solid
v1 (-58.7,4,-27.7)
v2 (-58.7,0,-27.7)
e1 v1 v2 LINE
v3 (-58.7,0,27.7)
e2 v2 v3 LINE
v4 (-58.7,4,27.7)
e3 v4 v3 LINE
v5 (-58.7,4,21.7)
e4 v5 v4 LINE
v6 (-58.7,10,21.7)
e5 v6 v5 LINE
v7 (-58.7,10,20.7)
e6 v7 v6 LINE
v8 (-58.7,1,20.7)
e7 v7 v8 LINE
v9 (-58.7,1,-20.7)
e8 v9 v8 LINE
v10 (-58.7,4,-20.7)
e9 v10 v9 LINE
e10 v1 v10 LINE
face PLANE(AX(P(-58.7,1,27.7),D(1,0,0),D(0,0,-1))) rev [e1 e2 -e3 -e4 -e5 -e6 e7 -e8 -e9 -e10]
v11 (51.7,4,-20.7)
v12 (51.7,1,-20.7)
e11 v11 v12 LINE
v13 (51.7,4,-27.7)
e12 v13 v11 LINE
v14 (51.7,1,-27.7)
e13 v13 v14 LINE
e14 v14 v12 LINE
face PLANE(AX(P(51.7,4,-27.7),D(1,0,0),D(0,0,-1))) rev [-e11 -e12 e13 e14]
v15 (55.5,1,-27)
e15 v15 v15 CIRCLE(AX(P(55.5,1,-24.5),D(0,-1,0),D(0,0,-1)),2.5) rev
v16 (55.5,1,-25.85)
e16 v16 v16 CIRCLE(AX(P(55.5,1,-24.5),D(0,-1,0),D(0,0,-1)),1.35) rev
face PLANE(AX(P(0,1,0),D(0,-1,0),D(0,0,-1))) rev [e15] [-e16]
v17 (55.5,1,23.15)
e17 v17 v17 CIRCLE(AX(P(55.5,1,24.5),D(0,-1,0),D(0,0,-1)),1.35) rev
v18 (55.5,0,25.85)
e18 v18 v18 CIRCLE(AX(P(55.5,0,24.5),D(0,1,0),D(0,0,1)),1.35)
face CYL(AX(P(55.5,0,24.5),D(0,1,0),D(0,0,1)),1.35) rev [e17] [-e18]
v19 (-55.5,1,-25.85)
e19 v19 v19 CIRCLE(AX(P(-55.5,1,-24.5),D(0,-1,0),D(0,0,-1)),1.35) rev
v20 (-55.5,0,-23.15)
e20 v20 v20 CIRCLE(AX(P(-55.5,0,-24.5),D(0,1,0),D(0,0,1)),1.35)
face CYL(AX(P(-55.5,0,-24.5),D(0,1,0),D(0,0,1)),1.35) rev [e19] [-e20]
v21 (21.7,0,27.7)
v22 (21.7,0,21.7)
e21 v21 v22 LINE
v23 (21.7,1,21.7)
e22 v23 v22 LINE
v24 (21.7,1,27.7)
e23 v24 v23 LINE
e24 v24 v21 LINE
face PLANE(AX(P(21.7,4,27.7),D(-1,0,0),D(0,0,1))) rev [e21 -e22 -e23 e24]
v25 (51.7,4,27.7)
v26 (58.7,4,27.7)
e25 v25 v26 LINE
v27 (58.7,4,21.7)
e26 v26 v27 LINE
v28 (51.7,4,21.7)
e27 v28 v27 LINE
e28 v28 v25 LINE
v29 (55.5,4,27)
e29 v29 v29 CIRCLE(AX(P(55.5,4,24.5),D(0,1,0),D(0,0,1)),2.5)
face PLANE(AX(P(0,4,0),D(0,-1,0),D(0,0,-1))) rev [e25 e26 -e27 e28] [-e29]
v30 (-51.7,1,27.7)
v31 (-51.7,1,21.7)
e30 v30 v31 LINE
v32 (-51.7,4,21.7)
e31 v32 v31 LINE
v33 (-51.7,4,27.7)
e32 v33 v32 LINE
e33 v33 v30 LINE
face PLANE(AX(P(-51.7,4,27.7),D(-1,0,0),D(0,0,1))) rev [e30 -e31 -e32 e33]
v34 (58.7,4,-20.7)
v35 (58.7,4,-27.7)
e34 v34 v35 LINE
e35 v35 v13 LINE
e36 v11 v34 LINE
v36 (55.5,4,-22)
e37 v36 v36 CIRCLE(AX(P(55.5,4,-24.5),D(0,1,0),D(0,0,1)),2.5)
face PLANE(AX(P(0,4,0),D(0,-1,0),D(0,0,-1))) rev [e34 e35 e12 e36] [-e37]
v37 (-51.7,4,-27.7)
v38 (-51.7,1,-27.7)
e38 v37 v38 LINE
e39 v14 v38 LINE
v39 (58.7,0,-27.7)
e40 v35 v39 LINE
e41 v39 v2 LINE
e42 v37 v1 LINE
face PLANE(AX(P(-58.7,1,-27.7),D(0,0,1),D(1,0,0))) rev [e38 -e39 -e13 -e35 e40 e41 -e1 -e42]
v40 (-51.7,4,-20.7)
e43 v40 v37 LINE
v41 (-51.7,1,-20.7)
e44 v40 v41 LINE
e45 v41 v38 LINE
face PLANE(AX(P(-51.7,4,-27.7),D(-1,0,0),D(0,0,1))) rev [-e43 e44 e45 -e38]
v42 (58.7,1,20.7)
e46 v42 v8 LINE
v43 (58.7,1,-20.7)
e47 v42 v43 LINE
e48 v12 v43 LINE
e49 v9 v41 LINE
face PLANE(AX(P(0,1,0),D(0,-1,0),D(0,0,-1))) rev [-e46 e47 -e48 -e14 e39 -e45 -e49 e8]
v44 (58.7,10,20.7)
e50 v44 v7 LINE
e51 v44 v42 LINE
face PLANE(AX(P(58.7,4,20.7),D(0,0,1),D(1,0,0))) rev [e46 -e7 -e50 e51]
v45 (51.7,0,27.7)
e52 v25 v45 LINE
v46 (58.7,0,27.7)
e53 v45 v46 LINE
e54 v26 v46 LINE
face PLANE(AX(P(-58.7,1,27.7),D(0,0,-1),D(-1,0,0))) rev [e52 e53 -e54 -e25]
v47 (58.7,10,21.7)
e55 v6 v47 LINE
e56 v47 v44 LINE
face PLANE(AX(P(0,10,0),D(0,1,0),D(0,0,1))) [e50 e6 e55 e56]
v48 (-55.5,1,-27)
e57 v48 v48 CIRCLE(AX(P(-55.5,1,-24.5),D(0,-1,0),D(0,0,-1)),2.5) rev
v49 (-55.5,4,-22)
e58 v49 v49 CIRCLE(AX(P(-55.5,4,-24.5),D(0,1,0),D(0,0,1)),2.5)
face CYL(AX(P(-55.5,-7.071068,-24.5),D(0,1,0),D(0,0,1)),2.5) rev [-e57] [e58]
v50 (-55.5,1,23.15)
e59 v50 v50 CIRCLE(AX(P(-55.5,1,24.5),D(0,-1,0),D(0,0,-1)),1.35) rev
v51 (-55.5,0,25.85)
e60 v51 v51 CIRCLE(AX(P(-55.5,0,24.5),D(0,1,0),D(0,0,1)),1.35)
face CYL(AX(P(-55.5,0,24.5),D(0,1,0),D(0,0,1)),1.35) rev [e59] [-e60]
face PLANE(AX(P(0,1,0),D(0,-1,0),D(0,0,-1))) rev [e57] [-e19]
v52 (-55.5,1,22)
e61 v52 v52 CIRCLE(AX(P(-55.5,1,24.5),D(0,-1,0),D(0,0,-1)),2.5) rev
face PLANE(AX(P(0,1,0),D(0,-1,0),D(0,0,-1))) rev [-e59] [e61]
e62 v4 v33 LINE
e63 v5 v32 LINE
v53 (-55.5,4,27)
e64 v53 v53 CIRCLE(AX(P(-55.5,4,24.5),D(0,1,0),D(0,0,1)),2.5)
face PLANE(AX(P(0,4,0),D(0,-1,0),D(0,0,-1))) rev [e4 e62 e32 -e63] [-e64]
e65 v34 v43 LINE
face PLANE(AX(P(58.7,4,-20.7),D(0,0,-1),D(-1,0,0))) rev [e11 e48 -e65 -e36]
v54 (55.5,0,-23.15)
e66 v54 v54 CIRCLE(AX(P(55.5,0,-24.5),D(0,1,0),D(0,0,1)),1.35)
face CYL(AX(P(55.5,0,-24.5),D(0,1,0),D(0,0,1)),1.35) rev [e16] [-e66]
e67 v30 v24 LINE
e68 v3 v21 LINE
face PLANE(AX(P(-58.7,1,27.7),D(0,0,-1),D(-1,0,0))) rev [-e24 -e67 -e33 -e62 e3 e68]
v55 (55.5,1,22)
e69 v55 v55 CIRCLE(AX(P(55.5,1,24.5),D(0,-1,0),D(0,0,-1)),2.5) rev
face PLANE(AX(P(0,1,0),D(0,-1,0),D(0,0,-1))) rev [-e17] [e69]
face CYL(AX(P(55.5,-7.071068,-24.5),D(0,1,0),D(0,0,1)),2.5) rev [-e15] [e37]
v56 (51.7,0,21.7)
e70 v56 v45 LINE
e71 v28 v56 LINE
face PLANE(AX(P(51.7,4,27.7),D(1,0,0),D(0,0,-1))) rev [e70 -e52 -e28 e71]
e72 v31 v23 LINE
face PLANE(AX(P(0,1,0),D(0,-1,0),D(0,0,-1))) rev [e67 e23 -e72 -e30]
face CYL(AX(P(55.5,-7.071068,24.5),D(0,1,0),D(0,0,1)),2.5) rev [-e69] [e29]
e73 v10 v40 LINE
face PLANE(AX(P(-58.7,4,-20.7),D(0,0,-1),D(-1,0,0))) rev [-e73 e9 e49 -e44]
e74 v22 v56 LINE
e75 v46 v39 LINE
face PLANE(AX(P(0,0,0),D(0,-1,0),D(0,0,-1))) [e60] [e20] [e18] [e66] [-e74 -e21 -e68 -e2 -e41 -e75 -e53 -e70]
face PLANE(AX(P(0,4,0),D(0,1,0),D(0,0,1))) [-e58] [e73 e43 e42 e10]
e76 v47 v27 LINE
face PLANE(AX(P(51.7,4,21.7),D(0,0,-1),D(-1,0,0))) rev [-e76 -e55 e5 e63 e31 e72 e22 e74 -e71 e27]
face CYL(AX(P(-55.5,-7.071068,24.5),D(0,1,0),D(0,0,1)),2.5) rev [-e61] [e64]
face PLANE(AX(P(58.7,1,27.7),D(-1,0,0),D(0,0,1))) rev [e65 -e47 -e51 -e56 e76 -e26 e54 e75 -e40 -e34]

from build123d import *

# Parameters (mm, degrees)
SKETCH1_W           = 117.4
SKETCH1_H           = 55.4
BOSS_EXTRUDE1_DEPTH = 1
SKETCH2_W           = 7
SKETCH2_H           = 7
BOSS_EXTRUDE2_DEPTH = 3
SKETCH3_R           = 1.35
CUT_EXTRUDE1_DEPTH  = 5
SKETCH7_W           = 30
SKETCH7_H           = 6
CUT_EXTRUDE5_DEPTH  = 5
SKETCH9_R           = 2.5
CUT_EXTRUDE6_DEPTH  = 3
SKETCH10_W          = 117.4
SKETCH10_H          = 1
BOSS_EXTRUDE3_DEPTH = 9


with BuildPart() as part:
    # Sketch1 → Boss-Extrude1 (new body)
    with BuildSketch(Plane(origin=(0, 0, 0), x_dir=(1, 0, 0), z_dir=(0, 1, 0))):
        Rectangle(SKETCH1_W, SKETCH1_H)
    extrude(amount=BOSS_EXTRUDE1_DEPTH)

    # Sketch2 → Boss-Extrude2 (add)
    with BuildSketch(Plane(origin=(0, 1, 0), x_dir=(1, 0, 0), z_dir=(0, 1, 0))):
        with Locations((55.2, 24.2)):
            Rectangle(SKETCH2_W, SKETCH2_H)
        with Locations((-55.2, 24.2)):
            Rectangle(SKETCH2_W, SKETCH2_H)
        with Locations((55.2, -24.2)):
            Rectangle(SKETCH2_W, SKETCH2_H)
        with Locations((-55.2, -24.2)):
            Rectangle(SKETCH2_W, SKETCH2_H)
    extrude(amount=BOSS_EXTRUDE2_DEPTH)

    # Sketch3 → Cut-Extrude1 (cut, through all)
    with BuildSketch(Plane(origin=(0, 4, 0), x_dir=(1, 0, 0), z_dir=(0, 1, 0))):
        with Locations((-55.5, 24.5)):
            Circle(SKETCH3_R)
        with Locations((55.5, 24.5)):
            Circle(SKETCH3_R)
        with Locations((55.5, -24.5)):
            Circle(SKETCH3_R)
        with Locations((-55.5, -24.5)):
            Circle(SKETCH3_R)
    extrude(amount=-CUT_EXTRUDE1_DEPTH, mode=Mode.SUBTRACT)

    # Sketch7 → Cut-Extrude5 (cut, through all)
    with BuildSketch(Plane.XZ):
        with Locations((36.7, 24.7)):
            Rectangle(SKETCH7_W, SKETCH7_H)
    extrude(amount=-CUT_EXTRUDE5_DEPTH, mode=Mode.SUBTRACT)

    # Sketch9 → Cut-Extrude6 (cut)
    with BuildSketch(Plane(origin=(0, 4, 0), x_dir=(1, 0, 0), z_dir=(0, 1, 0))):
        with Locations((-55.5, 24.5)):
            Circle(SKETCH9_R)
        with Locations((55.5, 24.5)):
            Circle(SKETCH9_R)
        with Locations((55.5, -24.5)):
            Circle(SKETCH9_R)
        with Locations((-55.5, -24.5)):
            Circle(SKETCH9_R)
    extrude(amount=-CUT_EXTRUDE6_DEPTH, mode=Mode.SUBTRACT)

    # Sketch10 → Boss-Extrude3 (add)
    with BuildSketch(Plane(origin=(0, 1, 0), x_dir=(1, 0, 0), z_dir=(0, 1, 0))):
        with Locations((0, -21.2)):
            Rectangle(SKETCH10_W, SKETCH10_H)
    extrude(amount=BOSS_EXTRUDE3_DEPTH)


solid = part.part
